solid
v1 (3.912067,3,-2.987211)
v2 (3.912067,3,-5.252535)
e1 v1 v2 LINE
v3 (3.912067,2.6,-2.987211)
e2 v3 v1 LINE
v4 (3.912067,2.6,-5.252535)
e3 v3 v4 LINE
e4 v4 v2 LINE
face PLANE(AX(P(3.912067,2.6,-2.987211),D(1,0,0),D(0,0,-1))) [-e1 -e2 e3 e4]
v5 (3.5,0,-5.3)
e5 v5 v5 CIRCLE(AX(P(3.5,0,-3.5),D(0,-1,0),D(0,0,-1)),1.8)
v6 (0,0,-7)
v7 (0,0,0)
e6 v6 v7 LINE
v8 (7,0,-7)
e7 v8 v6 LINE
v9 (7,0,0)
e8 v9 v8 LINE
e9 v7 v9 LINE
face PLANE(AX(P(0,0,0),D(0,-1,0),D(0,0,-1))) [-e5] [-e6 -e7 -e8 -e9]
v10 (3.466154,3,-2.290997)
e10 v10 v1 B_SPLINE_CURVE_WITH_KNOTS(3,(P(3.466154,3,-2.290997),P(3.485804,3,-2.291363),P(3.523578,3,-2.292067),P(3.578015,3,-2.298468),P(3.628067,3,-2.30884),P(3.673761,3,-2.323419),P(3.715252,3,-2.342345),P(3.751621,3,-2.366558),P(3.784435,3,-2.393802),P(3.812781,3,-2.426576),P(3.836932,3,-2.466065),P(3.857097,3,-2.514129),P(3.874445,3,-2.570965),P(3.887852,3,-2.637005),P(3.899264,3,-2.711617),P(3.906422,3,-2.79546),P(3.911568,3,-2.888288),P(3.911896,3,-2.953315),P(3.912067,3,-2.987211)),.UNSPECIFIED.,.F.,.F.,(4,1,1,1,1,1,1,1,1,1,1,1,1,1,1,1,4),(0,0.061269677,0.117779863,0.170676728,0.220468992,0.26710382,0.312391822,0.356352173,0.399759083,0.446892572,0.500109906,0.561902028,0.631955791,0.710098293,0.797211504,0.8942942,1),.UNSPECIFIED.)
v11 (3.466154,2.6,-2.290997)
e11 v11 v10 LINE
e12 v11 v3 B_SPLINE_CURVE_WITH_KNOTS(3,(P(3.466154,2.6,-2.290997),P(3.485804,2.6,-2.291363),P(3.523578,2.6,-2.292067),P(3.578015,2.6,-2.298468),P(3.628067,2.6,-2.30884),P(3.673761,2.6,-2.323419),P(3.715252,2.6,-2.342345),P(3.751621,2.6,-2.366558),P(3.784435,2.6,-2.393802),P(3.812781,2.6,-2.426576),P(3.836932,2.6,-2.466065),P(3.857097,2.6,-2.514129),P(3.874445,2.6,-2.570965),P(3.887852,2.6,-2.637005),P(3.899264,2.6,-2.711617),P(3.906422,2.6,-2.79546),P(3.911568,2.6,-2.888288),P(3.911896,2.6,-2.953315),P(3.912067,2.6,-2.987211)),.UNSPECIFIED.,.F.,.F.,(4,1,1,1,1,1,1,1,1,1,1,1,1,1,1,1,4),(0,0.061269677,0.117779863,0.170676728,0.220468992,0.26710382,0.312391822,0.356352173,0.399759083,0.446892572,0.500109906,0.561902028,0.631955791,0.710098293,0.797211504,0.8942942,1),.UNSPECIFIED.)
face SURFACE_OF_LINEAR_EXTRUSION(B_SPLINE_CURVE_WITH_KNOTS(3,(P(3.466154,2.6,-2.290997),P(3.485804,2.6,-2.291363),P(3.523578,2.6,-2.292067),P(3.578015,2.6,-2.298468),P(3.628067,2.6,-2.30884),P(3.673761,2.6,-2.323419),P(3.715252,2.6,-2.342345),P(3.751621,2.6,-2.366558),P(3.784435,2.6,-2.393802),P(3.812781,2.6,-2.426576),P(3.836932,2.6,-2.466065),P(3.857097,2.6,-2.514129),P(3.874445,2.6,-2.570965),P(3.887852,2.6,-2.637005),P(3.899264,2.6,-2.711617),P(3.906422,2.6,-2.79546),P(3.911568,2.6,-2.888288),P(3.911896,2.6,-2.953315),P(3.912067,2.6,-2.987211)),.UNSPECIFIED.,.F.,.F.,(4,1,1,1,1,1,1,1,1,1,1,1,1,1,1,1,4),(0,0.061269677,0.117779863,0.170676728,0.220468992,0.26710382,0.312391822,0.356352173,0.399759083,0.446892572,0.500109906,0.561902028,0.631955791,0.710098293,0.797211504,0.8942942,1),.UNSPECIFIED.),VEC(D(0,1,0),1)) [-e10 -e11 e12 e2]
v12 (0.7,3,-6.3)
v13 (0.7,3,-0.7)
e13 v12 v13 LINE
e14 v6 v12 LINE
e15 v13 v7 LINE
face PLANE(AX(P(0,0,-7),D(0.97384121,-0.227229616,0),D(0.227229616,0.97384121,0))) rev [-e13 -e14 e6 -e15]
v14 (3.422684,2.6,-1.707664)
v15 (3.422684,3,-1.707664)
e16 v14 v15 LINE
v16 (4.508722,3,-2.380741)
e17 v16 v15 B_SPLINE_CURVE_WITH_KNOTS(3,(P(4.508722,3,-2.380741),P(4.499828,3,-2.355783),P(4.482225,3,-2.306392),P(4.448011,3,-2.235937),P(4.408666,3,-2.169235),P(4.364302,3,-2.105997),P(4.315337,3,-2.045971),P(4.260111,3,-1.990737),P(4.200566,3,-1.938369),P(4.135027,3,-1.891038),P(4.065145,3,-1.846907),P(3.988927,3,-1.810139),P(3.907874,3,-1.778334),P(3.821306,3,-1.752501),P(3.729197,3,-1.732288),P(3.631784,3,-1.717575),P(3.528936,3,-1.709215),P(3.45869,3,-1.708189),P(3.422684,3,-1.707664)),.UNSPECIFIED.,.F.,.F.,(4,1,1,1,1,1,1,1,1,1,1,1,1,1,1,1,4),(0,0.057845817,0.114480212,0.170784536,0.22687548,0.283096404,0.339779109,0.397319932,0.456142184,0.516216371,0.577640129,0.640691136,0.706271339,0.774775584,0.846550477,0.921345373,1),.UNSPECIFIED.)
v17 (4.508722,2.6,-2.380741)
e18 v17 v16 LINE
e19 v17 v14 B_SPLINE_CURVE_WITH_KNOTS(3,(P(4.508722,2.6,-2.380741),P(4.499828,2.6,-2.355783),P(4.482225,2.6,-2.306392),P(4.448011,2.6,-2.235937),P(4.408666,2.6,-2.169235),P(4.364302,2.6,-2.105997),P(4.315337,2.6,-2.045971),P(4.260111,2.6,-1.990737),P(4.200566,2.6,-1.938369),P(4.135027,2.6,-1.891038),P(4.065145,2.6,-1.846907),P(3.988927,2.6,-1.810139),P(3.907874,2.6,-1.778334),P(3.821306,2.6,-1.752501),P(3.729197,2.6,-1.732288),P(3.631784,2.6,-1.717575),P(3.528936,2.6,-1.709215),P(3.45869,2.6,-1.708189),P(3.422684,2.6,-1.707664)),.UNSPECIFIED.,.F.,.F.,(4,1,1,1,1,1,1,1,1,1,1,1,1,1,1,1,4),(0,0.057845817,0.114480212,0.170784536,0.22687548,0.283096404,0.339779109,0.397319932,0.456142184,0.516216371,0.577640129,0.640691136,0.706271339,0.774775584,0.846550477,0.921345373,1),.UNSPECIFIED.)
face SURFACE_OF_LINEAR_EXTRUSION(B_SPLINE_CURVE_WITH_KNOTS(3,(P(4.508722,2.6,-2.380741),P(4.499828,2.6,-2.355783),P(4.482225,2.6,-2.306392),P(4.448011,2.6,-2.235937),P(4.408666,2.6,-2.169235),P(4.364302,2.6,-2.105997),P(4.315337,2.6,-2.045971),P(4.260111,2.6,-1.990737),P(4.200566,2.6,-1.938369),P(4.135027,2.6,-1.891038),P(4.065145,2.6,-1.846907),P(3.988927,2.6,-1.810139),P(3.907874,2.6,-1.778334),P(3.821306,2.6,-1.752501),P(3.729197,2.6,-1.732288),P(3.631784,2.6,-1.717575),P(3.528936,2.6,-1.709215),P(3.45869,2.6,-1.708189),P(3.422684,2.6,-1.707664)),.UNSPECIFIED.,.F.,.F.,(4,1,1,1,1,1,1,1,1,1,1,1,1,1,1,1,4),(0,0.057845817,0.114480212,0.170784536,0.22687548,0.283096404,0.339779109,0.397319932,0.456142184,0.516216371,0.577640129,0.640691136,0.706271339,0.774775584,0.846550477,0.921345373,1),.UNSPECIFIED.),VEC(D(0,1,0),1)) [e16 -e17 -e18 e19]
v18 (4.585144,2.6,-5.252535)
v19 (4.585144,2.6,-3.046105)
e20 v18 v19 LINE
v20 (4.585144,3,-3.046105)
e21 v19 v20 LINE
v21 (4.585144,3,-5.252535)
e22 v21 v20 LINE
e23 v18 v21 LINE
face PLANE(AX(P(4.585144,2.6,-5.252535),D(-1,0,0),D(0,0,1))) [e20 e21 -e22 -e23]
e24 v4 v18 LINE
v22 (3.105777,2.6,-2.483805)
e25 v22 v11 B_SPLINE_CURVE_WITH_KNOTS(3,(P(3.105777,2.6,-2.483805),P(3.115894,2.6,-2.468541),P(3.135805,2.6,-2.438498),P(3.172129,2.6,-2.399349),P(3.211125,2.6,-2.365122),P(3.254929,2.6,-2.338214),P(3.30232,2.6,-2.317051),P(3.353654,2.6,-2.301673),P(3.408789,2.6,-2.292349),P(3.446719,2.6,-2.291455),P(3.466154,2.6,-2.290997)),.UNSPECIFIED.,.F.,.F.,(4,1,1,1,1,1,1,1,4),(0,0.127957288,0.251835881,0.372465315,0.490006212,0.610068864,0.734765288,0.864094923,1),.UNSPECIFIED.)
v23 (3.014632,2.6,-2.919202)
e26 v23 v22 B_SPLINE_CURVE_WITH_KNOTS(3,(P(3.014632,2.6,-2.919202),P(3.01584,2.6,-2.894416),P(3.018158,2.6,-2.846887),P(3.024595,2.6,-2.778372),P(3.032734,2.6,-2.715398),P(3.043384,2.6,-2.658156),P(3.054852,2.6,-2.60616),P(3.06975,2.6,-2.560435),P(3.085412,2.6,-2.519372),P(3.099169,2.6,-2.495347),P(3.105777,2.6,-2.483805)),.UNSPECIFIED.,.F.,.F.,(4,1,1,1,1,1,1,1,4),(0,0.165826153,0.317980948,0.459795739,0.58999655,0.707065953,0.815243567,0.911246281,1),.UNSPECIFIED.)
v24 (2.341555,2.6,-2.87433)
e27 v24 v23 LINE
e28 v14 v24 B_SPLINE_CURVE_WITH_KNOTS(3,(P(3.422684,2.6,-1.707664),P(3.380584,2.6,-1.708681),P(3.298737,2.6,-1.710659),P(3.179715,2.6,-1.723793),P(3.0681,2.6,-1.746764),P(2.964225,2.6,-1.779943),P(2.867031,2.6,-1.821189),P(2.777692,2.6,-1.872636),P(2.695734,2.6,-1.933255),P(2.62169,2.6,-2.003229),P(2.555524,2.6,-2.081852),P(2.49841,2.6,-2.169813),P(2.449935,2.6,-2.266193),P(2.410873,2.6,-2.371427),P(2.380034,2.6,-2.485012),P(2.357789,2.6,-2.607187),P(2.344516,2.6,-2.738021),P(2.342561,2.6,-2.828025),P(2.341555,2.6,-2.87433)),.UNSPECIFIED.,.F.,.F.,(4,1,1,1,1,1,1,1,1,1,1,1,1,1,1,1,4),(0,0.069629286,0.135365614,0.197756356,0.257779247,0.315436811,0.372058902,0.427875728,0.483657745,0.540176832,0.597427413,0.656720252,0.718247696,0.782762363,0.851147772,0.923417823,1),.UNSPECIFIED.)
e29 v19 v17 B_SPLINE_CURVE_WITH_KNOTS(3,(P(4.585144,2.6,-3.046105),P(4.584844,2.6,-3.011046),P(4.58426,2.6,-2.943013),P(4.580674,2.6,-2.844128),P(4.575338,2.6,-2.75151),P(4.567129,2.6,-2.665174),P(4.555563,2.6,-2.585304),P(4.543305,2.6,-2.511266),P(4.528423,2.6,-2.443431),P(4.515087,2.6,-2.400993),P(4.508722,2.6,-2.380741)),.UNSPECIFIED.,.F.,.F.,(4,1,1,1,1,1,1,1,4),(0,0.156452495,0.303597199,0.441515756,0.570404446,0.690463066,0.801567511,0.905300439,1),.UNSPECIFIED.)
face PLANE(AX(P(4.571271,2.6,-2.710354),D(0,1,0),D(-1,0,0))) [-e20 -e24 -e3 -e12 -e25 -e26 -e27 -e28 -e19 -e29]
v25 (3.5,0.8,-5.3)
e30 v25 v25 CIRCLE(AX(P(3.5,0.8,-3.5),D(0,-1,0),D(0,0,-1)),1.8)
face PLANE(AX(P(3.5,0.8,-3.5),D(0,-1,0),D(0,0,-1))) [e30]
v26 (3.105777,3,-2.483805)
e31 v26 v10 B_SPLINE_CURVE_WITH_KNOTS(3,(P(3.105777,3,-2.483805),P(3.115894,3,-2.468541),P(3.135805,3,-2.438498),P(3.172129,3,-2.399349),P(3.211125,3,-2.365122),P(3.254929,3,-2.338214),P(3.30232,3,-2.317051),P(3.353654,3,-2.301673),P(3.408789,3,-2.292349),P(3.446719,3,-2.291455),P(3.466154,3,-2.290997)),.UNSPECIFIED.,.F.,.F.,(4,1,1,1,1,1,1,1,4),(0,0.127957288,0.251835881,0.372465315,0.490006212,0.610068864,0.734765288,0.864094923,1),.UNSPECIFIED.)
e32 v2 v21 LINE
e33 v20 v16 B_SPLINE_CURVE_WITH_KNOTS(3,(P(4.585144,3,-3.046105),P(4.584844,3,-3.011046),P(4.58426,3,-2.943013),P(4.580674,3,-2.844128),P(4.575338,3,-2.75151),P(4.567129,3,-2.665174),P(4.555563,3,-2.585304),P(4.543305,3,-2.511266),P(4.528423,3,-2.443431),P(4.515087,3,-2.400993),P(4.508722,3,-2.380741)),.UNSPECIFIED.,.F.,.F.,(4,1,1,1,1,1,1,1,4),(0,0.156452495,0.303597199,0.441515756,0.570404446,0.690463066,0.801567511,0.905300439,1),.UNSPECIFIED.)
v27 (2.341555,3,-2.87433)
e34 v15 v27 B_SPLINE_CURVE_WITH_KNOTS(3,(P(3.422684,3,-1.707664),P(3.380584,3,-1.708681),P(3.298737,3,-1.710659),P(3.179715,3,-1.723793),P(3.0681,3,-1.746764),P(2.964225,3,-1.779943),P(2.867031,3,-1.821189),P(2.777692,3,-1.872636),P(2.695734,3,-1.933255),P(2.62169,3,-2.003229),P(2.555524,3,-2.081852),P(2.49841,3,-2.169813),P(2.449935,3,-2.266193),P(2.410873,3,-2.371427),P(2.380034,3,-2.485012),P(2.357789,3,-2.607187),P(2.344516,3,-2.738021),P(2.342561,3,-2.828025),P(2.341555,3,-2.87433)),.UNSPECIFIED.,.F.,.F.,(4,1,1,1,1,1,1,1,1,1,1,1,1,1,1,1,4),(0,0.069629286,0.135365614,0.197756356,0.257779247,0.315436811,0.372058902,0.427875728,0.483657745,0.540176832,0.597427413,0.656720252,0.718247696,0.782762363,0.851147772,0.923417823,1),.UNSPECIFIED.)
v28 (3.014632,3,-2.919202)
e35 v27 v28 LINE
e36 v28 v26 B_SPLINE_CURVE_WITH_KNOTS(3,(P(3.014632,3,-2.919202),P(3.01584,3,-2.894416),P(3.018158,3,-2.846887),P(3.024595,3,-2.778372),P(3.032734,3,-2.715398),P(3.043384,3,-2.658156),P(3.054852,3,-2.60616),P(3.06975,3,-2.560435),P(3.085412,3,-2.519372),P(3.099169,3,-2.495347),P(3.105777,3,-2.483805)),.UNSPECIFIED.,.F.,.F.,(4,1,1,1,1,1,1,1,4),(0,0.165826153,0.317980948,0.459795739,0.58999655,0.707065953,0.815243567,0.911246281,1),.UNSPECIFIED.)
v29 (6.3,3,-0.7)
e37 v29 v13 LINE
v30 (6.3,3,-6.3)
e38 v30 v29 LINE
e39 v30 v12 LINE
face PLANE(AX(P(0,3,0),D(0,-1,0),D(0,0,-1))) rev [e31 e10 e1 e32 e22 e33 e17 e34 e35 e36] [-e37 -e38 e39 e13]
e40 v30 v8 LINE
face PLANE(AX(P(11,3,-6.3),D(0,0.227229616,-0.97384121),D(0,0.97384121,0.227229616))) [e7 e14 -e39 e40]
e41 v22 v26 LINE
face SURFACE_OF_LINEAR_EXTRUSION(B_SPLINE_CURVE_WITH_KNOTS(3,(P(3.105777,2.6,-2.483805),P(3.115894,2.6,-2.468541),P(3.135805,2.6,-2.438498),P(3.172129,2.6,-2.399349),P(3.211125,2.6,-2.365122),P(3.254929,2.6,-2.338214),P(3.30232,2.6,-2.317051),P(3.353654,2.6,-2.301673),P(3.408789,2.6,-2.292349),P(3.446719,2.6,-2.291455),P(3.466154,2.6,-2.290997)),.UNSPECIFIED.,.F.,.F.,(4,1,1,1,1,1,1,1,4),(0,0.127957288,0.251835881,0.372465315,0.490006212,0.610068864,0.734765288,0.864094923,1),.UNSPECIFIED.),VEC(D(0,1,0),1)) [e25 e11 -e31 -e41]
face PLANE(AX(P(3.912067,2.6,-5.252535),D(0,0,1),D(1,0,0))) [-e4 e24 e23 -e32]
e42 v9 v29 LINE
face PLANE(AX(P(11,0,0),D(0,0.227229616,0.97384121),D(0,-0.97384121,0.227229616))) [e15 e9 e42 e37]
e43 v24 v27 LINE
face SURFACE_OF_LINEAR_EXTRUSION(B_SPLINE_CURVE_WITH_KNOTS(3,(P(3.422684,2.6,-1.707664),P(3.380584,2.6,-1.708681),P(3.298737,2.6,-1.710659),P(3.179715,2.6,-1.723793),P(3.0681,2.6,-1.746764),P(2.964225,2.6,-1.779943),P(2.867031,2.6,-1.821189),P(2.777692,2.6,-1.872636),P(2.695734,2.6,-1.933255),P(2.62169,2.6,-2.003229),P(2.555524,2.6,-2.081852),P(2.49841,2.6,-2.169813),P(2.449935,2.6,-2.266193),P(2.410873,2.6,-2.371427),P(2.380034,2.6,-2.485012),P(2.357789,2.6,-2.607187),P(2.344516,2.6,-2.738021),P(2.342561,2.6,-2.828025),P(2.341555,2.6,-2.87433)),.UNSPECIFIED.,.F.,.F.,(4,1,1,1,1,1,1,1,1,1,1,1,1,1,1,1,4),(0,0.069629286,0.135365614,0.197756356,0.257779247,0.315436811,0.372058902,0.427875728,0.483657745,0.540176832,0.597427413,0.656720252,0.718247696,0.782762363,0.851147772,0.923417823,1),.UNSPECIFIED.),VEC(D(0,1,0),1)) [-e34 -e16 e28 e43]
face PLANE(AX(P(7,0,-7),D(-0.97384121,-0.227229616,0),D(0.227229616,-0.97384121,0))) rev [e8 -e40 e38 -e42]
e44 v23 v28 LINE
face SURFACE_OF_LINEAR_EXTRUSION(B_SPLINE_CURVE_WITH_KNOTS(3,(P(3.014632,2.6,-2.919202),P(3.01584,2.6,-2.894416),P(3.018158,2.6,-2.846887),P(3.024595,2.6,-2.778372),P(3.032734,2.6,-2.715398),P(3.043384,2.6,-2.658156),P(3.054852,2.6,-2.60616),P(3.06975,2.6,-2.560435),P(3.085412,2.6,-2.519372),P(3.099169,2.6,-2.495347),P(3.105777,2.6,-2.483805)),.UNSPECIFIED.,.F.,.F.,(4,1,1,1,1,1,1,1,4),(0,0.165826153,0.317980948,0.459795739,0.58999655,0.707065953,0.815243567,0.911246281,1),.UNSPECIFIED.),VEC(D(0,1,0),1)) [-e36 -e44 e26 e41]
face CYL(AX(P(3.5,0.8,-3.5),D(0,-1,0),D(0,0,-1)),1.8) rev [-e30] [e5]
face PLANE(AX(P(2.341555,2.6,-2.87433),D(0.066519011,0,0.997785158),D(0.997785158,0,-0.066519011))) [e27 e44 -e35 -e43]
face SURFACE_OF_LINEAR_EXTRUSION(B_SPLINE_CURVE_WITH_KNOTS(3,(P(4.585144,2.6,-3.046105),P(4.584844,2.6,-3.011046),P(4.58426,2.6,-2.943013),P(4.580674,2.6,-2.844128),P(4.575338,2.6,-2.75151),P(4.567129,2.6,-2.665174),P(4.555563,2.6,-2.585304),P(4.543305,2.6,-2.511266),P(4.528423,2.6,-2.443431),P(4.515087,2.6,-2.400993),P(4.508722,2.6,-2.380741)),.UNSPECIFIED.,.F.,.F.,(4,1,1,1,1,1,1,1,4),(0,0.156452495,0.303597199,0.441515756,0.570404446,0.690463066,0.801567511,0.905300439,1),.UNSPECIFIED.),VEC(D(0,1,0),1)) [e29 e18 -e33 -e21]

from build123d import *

# Parameters (mm, degrees)
SKETCH1_W           = 7
SKETCH1_H           = 7
BOSS_EXTRUDE1_DEPTH = 3
CUT_EXTRUDE1_DEPTH  = 7
CUT_EXTRUDE2_DEPTH  = 11
SKETCH4_R           = 1.8
CUT_EXTRUDE3_DEPTH  = 0.8
CUT_EXTRUDE4_DEPTH  = 0.4


with BuildPart() as part:
    # Sketch1 → Boss-Extrude1 (new body)
    with BuildSketch(Plane(origin=(0, 0, 0), x_dir=(1, 0, 0), z_dir=(0, 1, 0))):
        with Locations((3.5, 3.5)):
            Rectangle(SKETCH1_W, SKETCH1_H)
    extrude(amount=BOSS_EXTRUDE1_DEPTH)

    # Sketch2 → Cut-Extrude1 (cut)
    with BuildSketch(Plane.XY):
        Polygon((0, 0), (0.7, 3), (0, 3), align=None)
        Polygon((7, 0), (6.3, 3), (7, 3), align=None)
    extrude(amount=-CUT_EXTRUDE1_DEPTH, mode=Mode.SUBTRACT)

    # Sketch3 → Cut-Extrude2 (cut)
    with BuildSketch(Plane(origin=(0, 0, 0), x_dir=(0, 0, -1), z_dir=(1, 0, 0))):
        Polygon((0, 0), (0.7, 3), (0, 3), align=None)
        Polygon((7, 3), (6.3, 3), (7, 0), align=None)
    extrude(amount=CUT_EXTRUDE2_DEPTH, mode=Mode.SUBTRACT)

    # Sketch4 → Cut-Extrude3 (cut)
    with BuildSketch(Plane.XZ):
        with Locations(Location((3.5, -3.5, 0), (0, 0, 270))):
            Circle(SKETCH4_R)
    extrude(amount=-CUT_EXTRUDE3_DEPTH, mode=Mode.SUBTRACT)

    # Sketch5 → Cut-Extrude4 (cut)
    with BuildSketch(Plane(origin=(0, 3, 0), x_dir=(1, 0, 0), z_dir=(0, 1, 0))):
        with BuildLine():
            Line((3.912067399, 5.252535384), (4.585144322, 5.252535384))
            Line((4.585144322, 5.252535384), (4.585144322, 3.046105095))
            add(Edge.make_bspline(
                [(4.585144322, 3.046105095), (4.584843541, 3.011045712), (4.584259872, 2.943012724), (4.580673506, 2.844127733), (4.575337598, 2.751510265), (4.567129137, 2.665173613), (4.555562948, 2.585304416), (4.543305201, 2.511265579), (4.528422816, 2.443431307), (4.515086598, 2.400993469), (4.508722046, 2.380740512)],
                knots=[0, 0, 0, 0, 1.251619961, 2.428777588, 3.532126049, 4.56323557, 5.523704531, 6.412540087, 7.242403515, 8, 8, 8, 8], degree=3))
            add(Edge.make_bspline(
                [(4.508722046, 2.380740512), (4.499827513, 2.355783352), (4.482224719, 2.306391691), (4.448010513, 2.235936597), (4.408665944, 2.169234852), (4.364301741, 2.105997397), (4.315336945, 2.04597069), (4.260110759, 1.990736894), (4.200565892, 1.938369412), (4.135027413, 1.891038204), (4.06514476, 1.846907146), (3.988927236, 1.810138919), (3.907874454, 1.778333915), (3.821306158, 1.752500626), (3.729197248, 1.73228764), (3.631783693, 1.717575234), (3.528935725, 1.70921534), (3.458690461, 1.708189441), (3.422684386, 1.707663589)],
                knots=[0, 0, 0, 0, 0.925533072, 1.831683394, 2.73255258, 3.630007683, 4.529542467, 5.436465751, 6.357118906, 7.298274949, 8.259461937, 9.242242071, 10.251058183, 11.300341426, 12.396409345, 13.544807631, 14.74152597, 16, 16, 16, 16], degree=3))
            add(Edge.make_bspline(
                [(3.422684386, 1.707663589), (3.380583904, 1.708681136), (3.298736769, 1.71065934), (3.179715358, 1.723792805), (3.068099561, 1.746763788), (2.964225235, 1.779943292), (2.867030957, 1.8211886), (2.777692308, 1.872636461), (2.695734484, 1.93325469), (2.62169044, 2.003229079), (2.555523571, 2.081852015), (2.498409733, 2.169813315), (2.449935297, 2.266193101), (2.410873173, 2.371427394), (2.380033539, 2.485012376), (2.357789346, 2.607187203), (2.344515975, 2.738021444), (2.342560592, 2.828024877), (2.341554578, 2.874330256)],
                knots=[0, 0, 0, 0, 1.114068574, 2.165849827, 3.164101702, 4.124467949, 5.046988974, 5.952942428, 6.846011651, 7.738523925, 8.642829306, 9.558838605, 10.50752403, 11.491963144, 12.524197802, 13.618364352, 14.774685164, 16, 16, 16, 16], degree=3))
            Line((2.341554578, 2.874330256), (3.014631501, 2.919202051))
            add(Edge.make_bspline(
                [(3.014631501, 2.919202051), (3.015840364, 2.894415849), (3.018158425, 2.846886919), (3.024594885, 2.778371834), (3.032733918, 2.715398444), (3.043383675, 2.658155757), (3.054852287, 2.60616009), (3.069750194, 2.560434701), (3.085412304, 2.519371749), (3.099168906, 2.495346649), (3.105777335, 2.483805416)],
                knots=[0, 0, 0, 0, 1.326609226, 2.543847584, 3.678365909, 4.719972403, 5.656527627, 6.521948534, 7.28997025, 8, 8, 8, 8], degree=3))
            add(Edge.make_bspline(
                [(3.105777335, 2.483805416), (3.115894166, 2.468540683), (3.135805351, 2.438497786), (3.17212863, 2.399348731), (3.211125287, 2.365122439), (3.254928677, 2.338213709), (3.302319529, 2.317050802), (3.353653599, 2.301673045), (3.408789357, 2.292348698), (3.446718972, 2.2914549), (3.466153937, 2.290996922)],
                knots=[0, 0, 0, 0, 1.023658308, 2.014687051, 2.979722519, 3.920049697, 4.880550909, 5.878122304, 6.912759386, 8, 8, 8, 8], degree=3))
            add(Edge.make_bspline(
                [(3.466153937, 2.290996922), (3.485804159, 2.291363098), (3.523578154, 2.292067004), (3.578014864, 2.298467893), (3.628066722, 2.308839798), (3.673760989, 2.323419076), (3.715252451, 2.342345121), (3.751621411, 2.366557721), (3.784435046, 2.393802377), (3.812780846, 2.426575807), (3.836932023, 2.466065164), (3.857097159, 2.514128918), (3.874444677, 2.57096477), (3.887851723, 2.637004807), (3.899263762, 2.7116168), (3.906422298, 2.795460452), (3.911567905, 2.88828796), (3.911896247, 2.953314858), (3.912067399, 2.987210865)],
                knots=[0, 0, 0, 0, 0.980314827, 1.884477813, 2.730827652, 3.527503874, 4.27366112, 4.998269146, 5.70163477, 6.396145331, 7.150281155, 8.001758491, 8.990432449, 10.111292654, 11.361572691, 12.75538406, 14.308707205, 16, 16, 16, 16], degree=3))
            Line((3.912067399, 2.987210865), (3.912067399, 5.252535384))
        make_face()
    extrude(amount=-CUT_EXTRUDE4_DEPTH, mode=Mode.SUBTRACT)


solid = part.part
